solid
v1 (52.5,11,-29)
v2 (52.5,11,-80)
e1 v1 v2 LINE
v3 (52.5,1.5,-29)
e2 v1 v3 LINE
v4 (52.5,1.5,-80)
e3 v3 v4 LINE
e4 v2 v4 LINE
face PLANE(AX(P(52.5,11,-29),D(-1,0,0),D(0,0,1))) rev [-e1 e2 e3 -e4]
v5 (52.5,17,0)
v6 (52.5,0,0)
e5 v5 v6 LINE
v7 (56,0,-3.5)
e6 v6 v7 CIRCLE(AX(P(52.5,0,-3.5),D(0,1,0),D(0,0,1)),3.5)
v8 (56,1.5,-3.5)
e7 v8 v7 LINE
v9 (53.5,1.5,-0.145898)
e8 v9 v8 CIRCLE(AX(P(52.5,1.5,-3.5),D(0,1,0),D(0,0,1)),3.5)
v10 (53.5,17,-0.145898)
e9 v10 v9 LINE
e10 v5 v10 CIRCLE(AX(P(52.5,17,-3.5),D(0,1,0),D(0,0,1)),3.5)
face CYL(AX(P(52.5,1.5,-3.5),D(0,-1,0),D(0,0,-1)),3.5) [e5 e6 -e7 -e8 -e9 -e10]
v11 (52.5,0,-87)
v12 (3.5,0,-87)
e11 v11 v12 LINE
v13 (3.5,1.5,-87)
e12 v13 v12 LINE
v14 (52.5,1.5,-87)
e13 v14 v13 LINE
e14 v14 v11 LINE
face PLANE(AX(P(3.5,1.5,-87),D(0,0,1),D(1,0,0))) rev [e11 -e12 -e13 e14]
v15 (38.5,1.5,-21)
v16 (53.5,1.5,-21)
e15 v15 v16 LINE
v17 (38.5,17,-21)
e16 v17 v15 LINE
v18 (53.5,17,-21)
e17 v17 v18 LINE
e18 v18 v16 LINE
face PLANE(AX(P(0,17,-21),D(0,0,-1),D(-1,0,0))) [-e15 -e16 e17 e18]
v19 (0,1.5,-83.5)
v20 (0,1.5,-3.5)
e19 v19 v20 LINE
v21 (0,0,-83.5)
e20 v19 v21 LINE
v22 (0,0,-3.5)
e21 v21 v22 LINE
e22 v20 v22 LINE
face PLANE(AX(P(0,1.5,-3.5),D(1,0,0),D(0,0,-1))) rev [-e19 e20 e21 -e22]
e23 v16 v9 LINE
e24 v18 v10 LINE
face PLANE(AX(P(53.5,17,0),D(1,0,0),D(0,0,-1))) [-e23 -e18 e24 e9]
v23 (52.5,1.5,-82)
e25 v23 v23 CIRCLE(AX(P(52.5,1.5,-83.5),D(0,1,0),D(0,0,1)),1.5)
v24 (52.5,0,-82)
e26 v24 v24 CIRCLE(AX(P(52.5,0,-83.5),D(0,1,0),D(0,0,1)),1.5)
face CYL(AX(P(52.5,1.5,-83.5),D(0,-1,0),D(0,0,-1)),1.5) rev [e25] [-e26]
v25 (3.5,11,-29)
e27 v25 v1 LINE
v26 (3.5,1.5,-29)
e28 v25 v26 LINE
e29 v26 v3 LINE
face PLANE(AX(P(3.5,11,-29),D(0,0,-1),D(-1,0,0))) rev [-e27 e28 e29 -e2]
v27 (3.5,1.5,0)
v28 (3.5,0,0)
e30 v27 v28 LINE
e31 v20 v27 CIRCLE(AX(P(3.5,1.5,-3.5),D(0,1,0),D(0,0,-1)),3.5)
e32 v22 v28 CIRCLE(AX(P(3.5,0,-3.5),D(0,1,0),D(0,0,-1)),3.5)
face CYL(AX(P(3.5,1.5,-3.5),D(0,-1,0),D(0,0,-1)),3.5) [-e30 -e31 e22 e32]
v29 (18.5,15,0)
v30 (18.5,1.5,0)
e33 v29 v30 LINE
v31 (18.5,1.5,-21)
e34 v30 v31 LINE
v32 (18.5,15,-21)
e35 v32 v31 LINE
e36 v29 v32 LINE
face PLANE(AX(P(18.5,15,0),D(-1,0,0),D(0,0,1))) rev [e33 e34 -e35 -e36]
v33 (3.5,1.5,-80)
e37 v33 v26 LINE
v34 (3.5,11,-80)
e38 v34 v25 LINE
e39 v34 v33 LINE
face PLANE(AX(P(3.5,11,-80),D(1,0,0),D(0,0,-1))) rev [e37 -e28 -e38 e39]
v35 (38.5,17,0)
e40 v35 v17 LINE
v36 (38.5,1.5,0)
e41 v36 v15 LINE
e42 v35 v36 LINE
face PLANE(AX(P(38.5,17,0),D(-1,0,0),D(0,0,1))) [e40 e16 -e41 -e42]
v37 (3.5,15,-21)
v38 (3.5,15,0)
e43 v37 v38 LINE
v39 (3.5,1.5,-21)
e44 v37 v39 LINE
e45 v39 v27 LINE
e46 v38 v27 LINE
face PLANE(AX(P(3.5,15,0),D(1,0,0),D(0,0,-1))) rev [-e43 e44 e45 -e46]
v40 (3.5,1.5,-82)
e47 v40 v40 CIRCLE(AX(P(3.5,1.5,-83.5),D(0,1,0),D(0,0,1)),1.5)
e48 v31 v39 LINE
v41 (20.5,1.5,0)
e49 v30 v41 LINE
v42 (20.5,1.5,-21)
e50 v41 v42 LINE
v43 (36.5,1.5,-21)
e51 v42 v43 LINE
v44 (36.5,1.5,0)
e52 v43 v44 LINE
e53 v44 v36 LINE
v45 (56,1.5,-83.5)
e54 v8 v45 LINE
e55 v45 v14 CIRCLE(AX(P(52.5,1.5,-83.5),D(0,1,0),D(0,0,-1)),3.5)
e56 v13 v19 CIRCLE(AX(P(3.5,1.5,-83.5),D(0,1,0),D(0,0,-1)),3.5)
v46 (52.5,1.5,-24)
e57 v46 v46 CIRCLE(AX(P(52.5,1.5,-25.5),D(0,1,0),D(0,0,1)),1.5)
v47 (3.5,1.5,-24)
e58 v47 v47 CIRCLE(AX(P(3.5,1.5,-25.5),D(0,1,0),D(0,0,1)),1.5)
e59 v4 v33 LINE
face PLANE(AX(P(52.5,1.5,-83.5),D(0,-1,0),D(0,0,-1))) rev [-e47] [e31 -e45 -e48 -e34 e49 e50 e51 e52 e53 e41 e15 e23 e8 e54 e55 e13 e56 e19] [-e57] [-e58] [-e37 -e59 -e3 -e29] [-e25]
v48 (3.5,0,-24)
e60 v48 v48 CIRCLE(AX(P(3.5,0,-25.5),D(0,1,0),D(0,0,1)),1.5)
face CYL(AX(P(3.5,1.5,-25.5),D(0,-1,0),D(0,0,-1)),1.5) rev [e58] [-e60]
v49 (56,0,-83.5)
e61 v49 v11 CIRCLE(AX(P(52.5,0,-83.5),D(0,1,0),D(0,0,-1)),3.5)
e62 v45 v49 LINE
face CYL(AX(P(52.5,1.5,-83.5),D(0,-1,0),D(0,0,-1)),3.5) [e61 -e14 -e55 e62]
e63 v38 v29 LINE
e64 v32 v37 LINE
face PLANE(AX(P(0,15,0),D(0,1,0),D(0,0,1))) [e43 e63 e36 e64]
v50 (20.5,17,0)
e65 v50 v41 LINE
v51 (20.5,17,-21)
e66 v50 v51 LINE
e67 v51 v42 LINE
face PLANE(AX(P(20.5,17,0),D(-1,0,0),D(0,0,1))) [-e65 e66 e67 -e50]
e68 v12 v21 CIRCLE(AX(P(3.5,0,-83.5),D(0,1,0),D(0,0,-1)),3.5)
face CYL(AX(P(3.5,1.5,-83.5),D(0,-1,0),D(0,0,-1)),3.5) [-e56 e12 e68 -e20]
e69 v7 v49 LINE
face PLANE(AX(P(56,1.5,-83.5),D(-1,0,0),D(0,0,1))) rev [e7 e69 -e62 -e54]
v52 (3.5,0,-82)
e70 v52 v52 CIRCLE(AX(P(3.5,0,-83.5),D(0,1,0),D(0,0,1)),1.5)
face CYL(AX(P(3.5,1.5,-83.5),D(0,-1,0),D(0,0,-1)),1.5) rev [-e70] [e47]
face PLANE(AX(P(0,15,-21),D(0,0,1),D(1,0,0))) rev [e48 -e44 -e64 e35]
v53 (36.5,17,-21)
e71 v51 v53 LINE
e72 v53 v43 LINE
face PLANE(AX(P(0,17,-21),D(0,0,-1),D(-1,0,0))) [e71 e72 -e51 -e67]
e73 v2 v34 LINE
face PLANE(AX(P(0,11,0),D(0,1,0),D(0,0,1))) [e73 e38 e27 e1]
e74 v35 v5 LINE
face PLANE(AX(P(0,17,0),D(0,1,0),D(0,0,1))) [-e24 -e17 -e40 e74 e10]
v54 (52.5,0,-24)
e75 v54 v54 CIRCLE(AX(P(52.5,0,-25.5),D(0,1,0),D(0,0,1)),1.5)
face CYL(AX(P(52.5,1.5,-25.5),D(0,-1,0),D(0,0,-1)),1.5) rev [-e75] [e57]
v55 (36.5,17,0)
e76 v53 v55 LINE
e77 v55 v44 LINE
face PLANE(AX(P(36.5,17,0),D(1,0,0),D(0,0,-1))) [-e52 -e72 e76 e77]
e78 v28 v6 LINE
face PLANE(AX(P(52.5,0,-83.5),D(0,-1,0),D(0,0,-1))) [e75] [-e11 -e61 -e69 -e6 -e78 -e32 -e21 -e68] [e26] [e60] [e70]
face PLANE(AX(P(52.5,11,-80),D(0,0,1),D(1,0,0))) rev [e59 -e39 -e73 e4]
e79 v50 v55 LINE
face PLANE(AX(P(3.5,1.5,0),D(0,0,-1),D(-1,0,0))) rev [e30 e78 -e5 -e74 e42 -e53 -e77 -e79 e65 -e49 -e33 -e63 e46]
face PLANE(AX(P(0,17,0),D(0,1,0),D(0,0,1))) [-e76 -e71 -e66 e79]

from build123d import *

# Parameters (mm, degrees)
SKETCH_1_R      = 1.5
EXTRUDE_1_DEPTH = 1.5
EXTRUDE_2_DEPTH = 15.5
SKETCH_3_W      = 49
SKETCH_3_H      = 51
EXTRUDE_3_DEPTH = 9.5
SKETCH_4_W      = 15
SKETCH_4_H      = 21
EXTRUDE_4_DEPTH = 13.5


with BuildPart() as part:
    # Эскиз1 → Бобышка-Вытянуть1 (new body)
    with BuildSketch(Plane(origin=(0, 0, 0), x_dir=(1, 0, 0), z_dir=(0, 1, 0))):
        with BuildLine():
            Line((3.5, 0), (52.5, 0))
            ThreePointArc((52.5, 0), (54.974873734, 1.025126266), (56, 3.5))
            Line((56, 3.5), (56, 83.5))
            ThreePointArc((56, 83.5), (54.974873734, 85.974873734), (52.5, 87))
            Line((52.5, 87), (3.5, 87))
            ThreePointArc((3.5, 87), (1.025126266, 85.974873734), (0, 83.5))
            Line((0, 83.5), (0, 3.5))
            ThreePointArc((0, 3.5), (1.025126266, 1.025126266), (3.5, 0))
        make_face()
        with Locations(Location((3.5, 83.5, 0), (0, 0, 270))):
            Circle(SKETCH_1_R, mode=Mode.SUBTRACT)
        with Locations(Location((52.5, 83.5, 0), (0, 0, 270))):
            Circle(SKETCH_1_R, mode=Mode.SUBTRACT)
        with Locations(Location((52.5, 25.5, 0), (0, 0, 270))):
            Circle(SKETCH_1_R, mode=Mode.SUBTRACT)
        with Locations(Location((3.5, 25.5, 0), (0, 0, 270))):
            Circle(SKETCH_1_R, mode=Mode.SUBTRACT)
    extrude(amount=EXTRUDE_1_DEPTH)

    # Эскиз2 → Бобышка-Вытянуть2 (add)
    with BuildSketch(Plane(origin=(0, 1.5, 0), x_dir=(1, 0, 0), z_dir=(0, 1, 0))):
        Polygon((20.5, 0), (28, 0), (36.5, 0), (36.5, 21), (20.5, 21), align=None)
        with BuildLine():
            Line((38.5, 21), (38.5, 0))
            Line((38.5, 0), (52.5, 0))
            ThreePointArc((52.5, 0), (53.005293538, 0.036666571), (53.5, 0.145898034))
            Line((53.5, 0.145898034), (53.5, 21))
            Line((53.5, 21), (38.5, 21))
        make_face()
    extrude(amount=EXTRUDE_2_DEPTH)

    # Эскиз3 → Бобышка-Вытянуть3 (add)
    with BuildSketch(Plane(origin=(0, 1.5, 0), x_dir=(1, 0, 0), z_dir=(0, 1, 0))):
        with Locations((28, 54.5)):
            Rectangle(SKETCH_3_W, SKETCH_3_H)
    extrude(amount=EXTRUDE_3_DEPTH)

    # Эскиз4 → Бобышка-Вытянуть4 (add)
    with BuildSketch(Plane(origin=(0, 1.5, 0), x_dir=(1, 0, 0), z_dir=(0, 1, 0))):
        with Locations((11, 10.5)):
            Rectangle(SKETCH_4_W, SKETCH_4_H)
    extrude(amount=EXTRUDE_4_DEPTH)


solid = part.part
